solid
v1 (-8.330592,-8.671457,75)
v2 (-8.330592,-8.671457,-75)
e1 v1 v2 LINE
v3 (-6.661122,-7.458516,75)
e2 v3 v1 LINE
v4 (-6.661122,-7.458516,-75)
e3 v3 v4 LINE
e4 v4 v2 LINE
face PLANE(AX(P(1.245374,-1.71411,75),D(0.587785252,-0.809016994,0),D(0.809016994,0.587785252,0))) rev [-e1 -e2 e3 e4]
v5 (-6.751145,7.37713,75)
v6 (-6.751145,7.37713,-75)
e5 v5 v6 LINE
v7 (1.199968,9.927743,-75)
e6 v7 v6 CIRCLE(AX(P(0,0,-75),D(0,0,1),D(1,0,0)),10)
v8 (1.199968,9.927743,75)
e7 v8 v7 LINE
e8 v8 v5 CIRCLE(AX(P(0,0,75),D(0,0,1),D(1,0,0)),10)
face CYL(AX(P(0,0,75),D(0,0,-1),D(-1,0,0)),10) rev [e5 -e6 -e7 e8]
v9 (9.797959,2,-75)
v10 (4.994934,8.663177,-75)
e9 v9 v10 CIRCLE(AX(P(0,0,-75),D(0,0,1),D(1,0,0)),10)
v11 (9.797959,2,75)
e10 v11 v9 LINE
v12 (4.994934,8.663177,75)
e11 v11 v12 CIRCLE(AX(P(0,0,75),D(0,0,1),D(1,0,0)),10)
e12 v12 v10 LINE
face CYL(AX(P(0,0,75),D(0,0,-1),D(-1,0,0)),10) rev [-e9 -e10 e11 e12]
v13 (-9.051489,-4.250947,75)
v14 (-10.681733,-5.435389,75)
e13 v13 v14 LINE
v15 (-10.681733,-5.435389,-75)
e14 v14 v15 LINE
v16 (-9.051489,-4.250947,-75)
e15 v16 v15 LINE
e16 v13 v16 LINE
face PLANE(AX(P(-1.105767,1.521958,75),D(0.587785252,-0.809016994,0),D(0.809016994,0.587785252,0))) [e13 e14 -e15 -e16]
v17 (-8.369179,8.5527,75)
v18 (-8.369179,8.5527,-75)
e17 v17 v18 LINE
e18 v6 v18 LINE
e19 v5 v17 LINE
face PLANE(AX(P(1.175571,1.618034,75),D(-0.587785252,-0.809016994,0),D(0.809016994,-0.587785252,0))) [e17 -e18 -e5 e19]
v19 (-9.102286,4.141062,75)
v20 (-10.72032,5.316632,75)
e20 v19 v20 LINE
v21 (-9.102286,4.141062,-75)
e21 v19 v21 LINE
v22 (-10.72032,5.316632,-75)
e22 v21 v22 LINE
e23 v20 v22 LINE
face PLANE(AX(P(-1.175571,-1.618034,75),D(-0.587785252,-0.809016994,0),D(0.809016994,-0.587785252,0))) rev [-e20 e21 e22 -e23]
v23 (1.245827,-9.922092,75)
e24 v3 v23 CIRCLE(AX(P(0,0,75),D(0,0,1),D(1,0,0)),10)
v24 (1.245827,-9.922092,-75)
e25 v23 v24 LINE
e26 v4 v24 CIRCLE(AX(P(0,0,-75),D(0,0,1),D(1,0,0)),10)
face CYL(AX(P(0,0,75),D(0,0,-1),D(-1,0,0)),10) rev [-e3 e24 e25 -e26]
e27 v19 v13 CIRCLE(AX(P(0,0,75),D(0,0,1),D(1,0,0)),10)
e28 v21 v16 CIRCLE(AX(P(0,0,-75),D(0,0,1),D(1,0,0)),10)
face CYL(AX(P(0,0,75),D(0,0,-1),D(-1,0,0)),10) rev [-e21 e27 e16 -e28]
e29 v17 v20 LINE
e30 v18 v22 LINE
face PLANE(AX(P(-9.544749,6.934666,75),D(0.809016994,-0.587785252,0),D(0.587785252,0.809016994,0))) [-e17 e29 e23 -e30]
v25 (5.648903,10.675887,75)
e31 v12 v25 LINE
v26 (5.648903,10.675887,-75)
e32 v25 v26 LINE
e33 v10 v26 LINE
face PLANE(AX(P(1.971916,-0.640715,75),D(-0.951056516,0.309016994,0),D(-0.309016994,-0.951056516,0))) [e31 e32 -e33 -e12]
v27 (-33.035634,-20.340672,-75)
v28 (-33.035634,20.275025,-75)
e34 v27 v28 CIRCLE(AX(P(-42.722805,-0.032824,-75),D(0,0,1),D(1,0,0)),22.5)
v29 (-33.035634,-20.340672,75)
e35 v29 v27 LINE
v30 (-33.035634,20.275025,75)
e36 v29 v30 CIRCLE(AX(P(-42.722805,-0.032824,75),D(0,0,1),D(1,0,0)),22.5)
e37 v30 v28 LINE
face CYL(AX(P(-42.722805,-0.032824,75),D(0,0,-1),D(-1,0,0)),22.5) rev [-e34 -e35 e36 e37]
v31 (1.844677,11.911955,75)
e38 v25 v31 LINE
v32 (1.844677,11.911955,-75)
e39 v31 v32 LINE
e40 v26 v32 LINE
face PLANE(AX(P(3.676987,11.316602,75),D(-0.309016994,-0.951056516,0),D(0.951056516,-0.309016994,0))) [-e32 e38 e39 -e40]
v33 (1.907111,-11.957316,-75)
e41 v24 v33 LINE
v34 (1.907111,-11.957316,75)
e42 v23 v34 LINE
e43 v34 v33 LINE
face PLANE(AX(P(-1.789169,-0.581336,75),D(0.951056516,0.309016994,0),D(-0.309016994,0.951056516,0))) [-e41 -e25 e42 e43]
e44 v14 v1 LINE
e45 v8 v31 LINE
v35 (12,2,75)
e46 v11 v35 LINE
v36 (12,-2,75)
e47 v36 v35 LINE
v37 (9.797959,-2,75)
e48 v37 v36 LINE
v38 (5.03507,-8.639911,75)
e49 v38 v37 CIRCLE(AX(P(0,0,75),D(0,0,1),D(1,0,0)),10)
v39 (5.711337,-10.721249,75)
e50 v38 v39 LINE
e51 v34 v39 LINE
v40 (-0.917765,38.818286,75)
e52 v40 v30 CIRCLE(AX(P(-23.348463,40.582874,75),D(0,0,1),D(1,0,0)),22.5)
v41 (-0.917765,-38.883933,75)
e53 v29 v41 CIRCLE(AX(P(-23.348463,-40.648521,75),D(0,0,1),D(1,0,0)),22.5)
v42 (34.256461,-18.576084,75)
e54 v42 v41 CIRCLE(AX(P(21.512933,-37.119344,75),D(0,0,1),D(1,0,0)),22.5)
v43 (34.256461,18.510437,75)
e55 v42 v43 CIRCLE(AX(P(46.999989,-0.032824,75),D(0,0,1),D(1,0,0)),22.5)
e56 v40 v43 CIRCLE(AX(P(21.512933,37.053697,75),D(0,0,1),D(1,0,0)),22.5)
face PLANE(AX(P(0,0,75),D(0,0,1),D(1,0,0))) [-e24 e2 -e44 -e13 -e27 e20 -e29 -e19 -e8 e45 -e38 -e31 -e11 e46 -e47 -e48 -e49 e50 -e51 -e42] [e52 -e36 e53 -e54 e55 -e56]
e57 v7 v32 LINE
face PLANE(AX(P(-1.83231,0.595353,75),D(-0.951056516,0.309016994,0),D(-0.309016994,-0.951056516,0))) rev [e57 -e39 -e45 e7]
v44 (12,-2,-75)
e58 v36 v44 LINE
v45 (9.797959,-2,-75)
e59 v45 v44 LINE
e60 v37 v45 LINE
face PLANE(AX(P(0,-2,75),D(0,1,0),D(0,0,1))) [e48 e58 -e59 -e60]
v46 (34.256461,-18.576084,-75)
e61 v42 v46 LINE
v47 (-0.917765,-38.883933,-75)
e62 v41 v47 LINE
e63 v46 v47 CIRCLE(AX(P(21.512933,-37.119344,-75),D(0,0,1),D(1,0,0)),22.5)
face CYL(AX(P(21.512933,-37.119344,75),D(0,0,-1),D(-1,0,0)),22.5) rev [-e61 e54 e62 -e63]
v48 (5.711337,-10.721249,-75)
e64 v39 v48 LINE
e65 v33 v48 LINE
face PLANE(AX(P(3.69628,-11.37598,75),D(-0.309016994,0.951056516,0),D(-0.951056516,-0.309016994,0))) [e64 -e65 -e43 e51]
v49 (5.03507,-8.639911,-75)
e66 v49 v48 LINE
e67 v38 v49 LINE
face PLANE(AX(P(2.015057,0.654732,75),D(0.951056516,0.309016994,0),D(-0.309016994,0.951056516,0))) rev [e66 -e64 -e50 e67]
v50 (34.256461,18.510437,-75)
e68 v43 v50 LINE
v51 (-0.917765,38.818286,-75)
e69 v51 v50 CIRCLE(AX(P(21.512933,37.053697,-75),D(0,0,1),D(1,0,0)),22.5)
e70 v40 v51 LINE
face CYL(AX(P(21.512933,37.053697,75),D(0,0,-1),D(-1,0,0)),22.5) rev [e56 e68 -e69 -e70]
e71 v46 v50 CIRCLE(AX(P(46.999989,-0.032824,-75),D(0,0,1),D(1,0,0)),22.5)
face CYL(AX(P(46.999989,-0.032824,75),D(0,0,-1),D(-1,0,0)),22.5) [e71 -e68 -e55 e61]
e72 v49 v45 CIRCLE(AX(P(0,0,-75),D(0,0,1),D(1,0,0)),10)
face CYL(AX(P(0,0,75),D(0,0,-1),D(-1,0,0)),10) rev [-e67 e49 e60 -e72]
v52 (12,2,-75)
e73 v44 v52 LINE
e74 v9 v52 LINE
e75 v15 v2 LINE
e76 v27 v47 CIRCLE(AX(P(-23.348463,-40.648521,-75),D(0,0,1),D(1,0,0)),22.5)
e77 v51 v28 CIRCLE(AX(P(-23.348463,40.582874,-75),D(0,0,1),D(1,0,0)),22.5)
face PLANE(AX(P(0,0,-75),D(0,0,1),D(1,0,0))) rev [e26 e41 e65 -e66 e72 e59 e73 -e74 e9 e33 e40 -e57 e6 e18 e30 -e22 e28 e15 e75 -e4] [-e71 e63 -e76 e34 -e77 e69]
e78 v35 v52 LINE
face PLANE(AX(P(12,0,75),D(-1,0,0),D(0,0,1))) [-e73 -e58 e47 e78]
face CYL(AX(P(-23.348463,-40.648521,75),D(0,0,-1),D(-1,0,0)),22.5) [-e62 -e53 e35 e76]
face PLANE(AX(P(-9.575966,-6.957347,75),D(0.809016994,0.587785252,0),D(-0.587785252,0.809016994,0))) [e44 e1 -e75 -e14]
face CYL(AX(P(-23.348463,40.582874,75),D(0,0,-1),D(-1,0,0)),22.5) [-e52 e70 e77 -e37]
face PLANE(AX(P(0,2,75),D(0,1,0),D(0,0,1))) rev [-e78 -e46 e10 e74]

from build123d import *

# Parameters (mm, degrees)
BOSS_EXTRUDE1_DEPTH = 75


with BuildPart() as part:
    # Sketch1 → Boss-Extrude1 (new, symmetric)
    with BuildSketch(Plane.XY):
        with BuildLine():
            ThreePointArc((-0.917765177, -38.883932695), (10.262933143, -17.63377253), (34.256460841, -18.576083835))
            ThreePointArc((34.256460841, -18.576083835), (69.499988538, -0.032823555), (34.256460841, 18.510436725))
            ThreePointArc((34.256460841, 18.510436725), (10.262933143, 17.568125421), (-0.917765177, 38.818285585))
            ThreePointArc((-0.917765177, 38.818285585), (-34.598463498, 60.06844575), (-33.035634121, 20.275025305))
            ThreePointArc((-33.035634121, 20.275025305), (-20.222804743, -0.032823555), (-33.035634121, -20.340672415))
            ThreePointArc((-33.035634121, -20.340672415), (-34.598463498, -60.13409286), (-0.917765177, -38.883932695))
        make_face()
        with BuildLine():
            Line((1.907111414, -11.957316484), (1.245826983, -9.922092276))
            ThreePointArc((1.245826983, -9.922092276), (-2.974669232, -9.547321245), (-6.661121842, -7.458515657))
            Line((-6.661121842, -7.458515657), (-8.330592399, -8.671457016))
            Line((-8.330592399, -8.671457016), (-10.681733408, -5.435389039))
            Line((-10.681733408, -5.435389039), (-9.051488804, -4.250947003))
            ThreePointArc((-9.051488804, -4.250947003), (-9.99981681, -0.060529116), (-9.102285822, 4.141061797))
            Line((-9.102285822, 4.141061797), (-10.720319811, 5.316632302))
            Line((-10.720319811, 5.316632302), (-8.369178802, 8.552700279))
            Line((-8.369178802, 8.552700279), (-6.751144813, 7.377129775))
            ThreePointArc((-6.751144813, 7.377129775), (-3.054553816, 9.522063904), (1.199967545, 9.92774284))
            Line((1.199967545, 9.92774284), (1.844677303, 11.911955447))
            Line((1.844677303, 11.911955447), (5.648903368, 10.67588747))
            Line((5.648903368, 10.67588747), (4.994934057, 8.663176887))
            ThreePointArc((4.994934057, 8.663176887), (8.112145375, 5.847486418), (9.797958971, 2))
            Line((9.797958971, 2), (12, 2))
            Line((12, 2), (12, -2))
            Line((12, -2), (9.797958971, -2))
            ThreePointArc((9.797958971, -2), (8.125687266, -5.828653915), (5.035070067, -8.639911424))
            Line((5.035070067, -8.639911424), (5.71133748, -10.721248507))
            Line((5.71133748, -10.721248507), (1.907111414, -11.957316484))
        make_face(mode=Mode.SUBTRACT)
    extrude(amount=BOSS_EXTRUDE1_DEPTH, both=True)


solid = part.part
